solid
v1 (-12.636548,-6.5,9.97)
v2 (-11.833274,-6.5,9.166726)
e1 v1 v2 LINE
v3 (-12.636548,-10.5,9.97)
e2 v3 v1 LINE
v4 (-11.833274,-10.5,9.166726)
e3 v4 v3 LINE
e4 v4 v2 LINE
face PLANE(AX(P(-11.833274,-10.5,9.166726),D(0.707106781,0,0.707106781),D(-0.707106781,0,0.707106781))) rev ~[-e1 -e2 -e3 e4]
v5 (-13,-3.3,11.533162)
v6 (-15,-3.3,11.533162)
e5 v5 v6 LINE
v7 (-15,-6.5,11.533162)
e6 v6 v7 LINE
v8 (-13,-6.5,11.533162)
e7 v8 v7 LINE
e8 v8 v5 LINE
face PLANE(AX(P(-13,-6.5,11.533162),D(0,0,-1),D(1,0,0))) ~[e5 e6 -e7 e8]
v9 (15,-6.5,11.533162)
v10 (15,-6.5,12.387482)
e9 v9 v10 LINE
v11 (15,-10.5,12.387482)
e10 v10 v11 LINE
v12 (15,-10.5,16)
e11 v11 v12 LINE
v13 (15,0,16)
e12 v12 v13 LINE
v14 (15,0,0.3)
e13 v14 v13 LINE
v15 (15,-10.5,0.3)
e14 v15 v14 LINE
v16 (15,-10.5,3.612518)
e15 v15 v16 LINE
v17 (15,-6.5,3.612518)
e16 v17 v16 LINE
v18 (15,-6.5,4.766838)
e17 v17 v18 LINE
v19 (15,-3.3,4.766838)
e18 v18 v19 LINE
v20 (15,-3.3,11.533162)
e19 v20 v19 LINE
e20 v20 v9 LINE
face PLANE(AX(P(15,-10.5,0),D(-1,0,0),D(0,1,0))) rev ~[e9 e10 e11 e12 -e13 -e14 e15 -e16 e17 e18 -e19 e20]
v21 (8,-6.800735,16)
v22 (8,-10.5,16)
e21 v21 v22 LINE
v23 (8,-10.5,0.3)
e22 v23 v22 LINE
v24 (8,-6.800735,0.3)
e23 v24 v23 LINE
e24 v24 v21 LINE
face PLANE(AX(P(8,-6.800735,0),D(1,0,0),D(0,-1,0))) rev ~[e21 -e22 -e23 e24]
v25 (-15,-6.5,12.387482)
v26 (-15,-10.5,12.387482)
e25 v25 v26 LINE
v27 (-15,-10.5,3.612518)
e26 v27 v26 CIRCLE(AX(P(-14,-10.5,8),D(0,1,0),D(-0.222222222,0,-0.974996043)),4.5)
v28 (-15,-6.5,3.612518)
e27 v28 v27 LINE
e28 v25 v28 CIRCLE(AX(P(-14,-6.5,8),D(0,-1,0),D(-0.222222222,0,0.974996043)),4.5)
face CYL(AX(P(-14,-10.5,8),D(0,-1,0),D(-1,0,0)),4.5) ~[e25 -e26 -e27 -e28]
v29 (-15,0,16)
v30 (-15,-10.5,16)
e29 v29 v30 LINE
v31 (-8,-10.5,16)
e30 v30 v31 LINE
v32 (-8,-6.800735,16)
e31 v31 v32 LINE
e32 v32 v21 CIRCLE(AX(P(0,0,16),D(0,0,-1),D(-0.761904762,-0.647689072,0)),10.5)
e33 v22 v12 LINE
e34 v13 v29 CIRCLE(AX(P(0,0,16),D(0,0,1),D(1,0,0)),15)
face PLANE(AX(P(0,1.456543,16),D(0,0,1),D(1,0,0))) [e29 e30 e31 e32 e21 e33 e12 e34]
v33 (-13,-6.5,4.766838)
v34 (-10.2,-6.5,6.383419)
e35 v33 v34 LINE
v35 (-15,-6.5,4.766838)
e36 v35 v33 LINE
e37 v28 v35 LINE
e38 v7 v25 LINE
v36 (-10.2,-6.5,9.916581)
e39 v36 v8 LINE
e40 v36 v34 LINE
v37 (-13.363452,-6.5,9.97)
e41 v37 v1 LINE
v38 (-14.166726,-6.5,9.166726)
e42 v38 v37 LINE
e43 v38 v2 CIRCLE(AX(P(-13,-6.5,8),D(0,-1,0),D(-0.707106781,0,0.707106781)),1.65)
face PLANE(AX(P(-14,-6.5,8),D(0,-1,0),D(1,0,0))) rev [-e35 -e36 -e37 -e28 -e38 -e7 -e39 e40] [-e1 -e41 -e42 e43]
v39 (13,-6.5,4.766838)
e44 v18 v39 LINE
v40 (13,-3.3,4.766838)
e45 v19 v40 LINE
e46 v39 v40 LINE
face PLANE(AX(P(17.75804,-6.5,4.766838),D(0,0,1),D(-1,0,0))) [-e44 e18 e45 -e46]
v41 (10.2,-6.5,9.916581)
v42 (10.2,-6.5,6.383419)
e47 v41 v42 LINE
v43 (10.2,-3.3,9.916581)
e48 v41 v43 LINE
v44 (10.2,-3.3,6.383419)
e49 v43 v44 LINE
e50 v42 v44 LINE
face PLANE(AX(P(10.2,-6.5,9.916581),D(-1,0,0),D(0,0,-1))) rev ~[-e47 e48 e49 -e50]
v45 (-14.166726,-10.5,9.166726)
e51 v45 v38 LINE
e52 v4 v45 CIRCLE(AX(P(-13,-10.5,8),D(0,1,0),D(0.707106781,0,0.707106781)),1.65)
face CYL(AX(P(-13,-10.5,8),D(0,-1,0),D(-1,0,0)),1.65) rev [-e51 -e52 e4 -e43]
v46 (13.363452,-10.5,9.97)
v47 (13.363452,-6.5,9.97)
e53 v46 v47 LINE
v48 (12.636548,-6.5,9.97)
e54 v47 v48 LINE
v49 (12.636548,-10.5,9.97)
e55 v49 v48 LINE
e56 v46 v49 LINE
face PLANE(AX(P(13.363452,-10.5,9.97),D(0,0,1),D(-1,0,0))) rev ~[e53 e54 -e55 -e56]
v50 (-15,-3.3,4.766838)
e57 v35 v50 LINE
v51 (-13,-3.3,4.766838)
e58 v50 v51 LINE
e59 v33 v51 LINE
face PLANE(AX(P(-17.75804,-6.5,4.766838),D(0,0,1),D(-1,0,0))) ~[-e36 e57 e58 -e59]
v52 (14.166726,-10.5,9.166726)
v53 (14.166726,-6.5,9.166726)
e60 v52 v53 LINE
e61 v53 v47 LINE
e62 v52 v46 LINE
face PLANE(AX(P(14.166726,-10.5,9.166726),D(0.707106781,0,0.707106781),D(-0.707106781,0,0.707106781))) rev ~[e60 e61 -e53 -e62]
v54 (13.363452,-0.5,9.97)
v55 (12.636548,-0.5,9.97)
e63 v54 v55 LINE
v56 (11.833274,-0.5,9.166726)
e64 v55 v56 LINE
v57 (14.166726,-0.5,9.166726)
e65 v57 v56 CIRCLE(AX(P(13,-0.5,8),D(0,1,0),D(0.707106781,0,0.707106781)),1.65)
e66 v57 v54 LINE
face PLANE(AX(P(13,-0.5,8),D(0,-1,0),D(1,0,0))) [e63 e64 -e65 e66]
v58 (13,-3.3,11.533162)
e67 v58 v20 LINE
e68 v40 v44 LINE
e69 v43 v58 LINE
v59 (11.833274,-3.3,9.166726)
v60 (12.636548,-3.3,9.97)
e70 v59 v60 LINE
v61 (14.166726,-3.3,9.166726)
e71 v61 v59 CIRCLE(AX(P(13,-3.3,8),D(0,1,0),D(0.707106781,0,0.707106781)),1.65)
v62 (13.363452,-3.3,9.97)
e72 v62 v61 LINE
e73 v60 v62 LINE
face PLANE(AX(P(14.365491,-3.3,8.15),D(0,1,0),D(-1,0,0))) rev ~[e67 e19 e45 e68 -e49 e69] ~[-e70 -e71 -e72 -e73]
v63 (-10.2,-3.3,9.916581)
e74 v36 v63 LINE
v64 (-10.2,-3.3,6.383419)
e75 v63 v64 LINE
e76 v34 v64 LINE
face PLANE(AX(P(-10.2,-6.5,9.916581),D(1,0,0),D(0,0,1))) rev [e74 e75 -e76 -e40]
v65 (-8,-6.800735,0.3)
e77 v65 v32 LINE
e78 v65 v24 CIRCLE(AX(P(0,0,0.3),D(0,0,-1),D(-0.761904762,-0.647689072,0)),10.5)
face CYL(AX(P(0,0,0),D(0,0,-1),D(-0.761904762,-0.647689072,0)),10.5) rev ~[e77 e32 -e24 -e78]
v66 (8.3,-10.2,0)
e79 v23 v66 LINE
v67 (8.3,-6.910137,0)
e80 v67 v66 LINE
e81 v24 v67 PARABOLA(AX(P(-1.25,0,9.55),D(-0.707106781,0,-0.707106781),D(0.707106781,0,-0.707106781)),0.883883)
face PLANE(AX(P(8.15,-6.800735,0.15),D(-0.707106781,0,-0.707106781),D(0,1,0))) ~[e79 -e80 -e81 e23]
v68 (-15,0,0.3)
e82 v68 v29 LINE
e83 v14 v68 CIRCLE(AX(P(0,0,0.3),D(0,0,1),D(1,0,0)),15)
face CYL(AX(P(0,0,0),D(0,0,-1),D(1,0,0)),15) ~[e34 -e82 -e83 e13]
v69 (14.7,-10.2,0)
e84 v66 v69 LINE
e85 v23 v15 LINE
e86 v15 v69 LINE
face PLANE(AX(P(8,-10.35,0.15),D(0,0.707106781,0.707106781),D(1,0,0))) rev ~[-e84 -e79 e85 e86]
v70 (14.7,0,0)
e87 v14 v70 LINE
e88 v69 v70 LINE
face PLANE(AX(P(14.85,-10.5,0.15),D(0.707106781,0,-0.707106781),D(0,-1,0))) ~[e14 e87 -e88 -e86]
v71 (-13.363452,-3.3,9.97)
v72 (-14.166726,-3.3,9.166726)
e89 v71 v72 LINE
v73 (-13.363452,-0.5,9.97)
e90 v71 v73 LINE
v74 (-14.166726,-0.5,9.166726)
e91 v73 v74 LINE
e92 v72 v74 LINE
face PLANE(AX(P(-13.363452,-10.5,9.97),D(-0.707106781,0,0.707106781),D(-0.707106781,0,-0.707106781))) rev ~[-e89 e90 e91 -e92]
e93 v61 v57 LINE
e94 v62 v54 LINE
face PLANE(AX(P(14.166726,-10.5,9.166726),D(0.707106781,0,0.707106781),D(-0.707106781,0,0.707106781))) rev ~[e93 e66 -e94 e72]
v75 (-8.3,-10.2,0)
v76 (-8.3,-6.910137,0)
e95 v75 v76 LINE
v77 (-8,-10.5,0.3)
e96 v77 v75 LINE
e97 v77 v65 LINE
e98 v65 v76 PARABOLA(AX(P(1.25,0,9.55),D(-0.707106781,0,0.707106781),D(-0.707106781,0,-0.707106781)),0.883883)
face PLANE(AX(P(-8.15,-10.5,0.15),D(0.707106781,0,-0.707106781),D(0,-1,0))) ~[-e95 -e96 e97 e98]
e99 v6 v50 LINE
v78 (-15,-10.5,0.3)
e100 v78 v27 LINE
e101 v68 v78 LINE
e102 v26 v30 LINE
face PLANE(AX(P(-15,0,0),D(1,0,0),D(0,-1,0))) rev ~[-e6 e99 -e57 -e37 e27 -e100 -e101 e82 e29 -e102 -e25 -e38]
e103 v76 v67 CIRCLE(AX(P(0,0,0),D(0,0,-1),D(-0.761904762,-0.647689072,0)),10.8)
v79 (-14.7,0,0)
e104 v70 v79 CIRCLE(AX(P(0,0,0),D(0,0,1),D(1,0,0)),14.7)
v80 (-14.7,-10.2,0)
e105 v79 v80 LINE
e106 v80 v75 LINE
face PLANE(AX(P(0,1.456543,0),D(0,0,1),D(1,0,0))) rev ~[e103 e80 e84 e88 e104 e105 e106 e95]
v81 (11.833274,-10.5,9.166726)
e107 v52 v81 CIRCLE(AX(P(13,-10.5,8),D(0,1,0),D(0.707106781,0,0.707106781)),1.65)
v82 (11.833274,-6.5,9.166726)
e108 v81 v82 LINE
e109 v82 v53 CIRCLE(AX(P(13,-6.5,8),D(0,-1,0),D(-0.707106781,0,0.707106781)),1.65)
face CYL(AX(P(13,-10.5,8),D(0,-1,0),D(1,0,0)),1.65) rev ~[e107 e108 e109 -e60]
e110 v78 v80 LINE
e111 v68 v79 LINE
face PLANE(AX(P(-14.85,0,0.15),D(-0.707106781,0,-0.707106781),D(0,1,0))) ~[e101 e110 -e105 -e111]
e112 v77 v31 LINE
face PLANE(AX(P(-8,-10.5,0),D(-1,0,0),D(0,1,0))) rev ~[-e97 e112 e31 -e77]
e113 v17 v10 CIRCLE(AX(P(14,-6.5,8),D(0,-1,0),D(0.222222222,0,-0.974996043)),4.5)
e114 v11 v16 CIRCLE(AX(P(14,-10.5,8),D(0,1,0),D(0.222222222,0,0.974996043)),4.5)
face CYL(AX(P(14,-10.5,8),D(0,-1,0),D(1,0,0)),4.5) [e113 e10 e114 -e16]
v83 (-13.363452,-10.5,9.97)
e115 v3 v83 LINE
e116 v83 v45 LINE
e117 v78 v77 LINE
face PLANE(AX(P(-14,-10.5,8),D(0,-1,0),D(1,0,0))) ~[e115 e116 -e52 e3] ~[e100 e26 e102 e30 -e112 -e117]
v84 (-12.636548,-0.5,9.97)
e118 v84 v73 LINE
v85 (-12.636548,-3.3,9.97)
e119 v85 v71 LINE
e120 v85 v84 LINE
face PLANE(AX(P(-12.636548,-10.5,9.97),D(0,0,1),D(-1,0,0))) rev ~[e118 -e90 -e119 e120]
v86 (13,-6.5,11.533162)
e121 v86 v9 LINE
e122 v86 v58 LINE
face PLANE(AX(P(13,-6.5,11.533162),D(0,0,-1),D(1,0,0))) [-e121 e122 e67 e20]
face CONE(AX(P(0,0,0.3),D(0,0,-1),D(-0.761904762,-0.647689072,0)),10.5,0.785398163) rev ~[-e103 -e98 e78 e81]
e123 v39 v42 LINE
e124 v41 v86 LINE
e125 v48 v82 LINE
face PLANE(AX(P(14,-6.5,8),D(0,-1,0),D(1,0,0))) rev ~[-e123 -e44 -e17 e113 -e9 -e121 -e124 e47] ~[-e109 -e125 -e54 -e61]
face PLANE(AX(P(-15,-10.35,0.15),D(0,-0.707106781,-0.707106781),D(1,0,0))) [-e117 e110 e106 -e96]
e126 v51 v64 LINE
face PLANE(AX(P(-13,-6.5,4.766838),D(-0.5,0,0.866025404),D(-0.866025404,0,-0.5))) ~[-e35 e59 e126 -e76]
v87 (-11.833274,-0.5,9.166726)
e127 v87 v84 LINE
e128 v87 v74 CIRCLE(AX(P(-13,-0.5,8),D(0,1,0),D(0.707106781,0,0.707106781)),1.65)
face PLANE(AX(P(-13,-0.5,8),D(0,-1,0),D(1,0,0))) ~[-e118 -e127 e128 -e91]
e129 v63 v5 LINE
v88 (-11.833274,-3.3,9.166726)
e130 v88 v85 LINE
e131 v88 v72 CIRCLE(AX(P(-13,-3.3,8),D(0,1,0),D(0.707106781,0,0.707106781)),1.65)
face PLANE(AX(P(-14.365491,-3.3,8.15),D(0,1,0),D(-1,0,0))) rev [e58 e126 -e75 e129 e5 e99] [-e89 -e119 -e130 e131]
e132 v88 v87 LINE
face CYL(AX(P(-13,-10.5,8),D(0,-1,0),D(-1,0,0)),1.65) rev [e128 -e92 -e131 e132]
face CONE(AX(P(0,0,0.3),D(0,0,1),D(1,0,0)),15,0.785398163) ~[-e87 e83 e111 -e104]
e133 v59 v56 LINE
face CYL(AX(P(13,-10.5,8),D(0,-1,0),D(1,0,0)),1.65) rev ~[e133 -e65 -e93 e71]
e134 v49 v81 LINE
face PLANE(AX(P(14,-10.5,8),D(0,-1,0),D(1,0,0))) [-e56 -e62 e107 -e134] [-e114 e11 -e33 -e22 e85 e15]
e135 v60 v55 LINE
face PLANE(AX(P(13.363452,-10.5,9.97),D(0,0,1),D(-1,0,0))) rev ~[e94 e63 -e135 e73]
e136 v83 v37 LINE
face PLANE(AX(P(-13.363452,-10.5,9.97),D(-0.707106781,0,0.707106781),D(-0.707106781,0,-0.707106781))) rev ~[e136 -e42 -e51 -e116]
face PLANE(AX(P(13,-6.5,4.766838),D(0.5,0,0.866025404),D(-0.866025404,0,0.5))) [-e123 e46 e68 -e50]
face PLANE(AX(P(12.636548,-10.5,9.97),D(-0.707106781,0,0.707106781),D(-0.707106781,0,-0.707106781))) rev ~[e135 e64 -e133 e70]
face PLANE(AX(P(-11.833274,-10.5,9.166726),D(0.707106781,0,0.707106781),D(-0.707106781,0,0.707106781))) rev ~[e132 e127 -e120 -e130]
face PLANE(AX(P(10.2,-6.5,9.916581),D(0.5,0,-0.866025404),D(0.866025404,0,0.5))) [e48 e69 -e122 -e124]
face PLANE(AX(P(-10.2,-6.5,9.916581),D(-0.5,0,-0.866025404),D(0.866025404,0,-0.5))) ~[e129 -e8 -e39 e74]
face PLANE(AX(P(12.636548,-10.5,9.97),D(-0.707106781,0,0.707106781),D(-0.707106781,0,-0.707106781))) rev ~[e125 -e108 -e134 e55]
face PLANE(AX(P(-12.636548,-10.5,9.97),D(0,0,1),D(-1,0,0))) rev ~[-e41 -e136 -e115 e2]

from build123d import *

# Parameters (mm, degrees)
BOSS_EXTRUDE1_DEPTH = 16
SKETCH4_R           = 4.5
BOSS_EXTRUDE2_DEPTH = 4
SKETCH2_R           = 1.65
CUT_EXTRUDE1_DEPTH  = 10
CUT_EXTRUDE2_START  = -4
CUT_EXTRUDE2_DEPTH  = 3.2
CHAMFER1_SIZE       = 0.3
CUT_EXTRUDE3_DEPTH  = 10


with BuildPart() as part:
    # Sketch1 → Boss-Extrude1 (new body)
    with BuildSketch(Plane.XY):
        with BuildLine():
            Line((8, -6.800735254), (8, -10.5))
            Line((8, -10.5), (15, -10.5))
            Line((15, -10.5), (15, 0))
            ThreePointArc((15, 0), (0, 15), (-15, 0))
            Line((-15, 0), (-15, -10.5))
            Line((-15, -10.5), (-8, -10.5))
            Line((-8, -10.5), (-8, -6.800735254))
            ThreePointArc((-8, -6.800735254), (0, 10.5), (8, -6.800735254))
        make_face()
    extrude(amount=BOSS_EXTRUDE1_DEPTH)

    # Sketch4 → Boss-Extrude2 (add)
    with BuildSketch(Plane.XZ.offset(10.5)):
        with Locations((14, 8)):
            Circle(SKETCH4_R)
    boss_extrude2 = extrude(amount=-BOSS_EXTRUDE2_DEPTH)

    # Sketch2 → Cut-Extrude1 (cut)
    with BuildSketch(Plane.XZ.offset(10.5)):
        with Locations((13, 8)):
            Circle(SKETCH2_R)
    cut_extrude1 = extrude(amount=-CUT_EXTRUDE1_DEPTH, mode=Mode.SUBTRACT)

    # Sketch3 → Cut-Extrude2 (cut)
    with BuildSketch(Plane.XZ.offset(10.5).offset(CUT_EXTRUDE2_START)):
        Polygon((10.2, 9.616580754), (10.2, 9.916580754), (13, 11.533161507), (17.758039714, 11.533161507), (17.758039714, 11.233161507), (17.758039714, 4.766838493), (13, 4.766838493), (10.2, 6.383419246), align=None)
    cut_extrude2 = extrude(amount=-CUT_EXTRUDE2_DEPTH, mode=Mode.SUBTRACT)

    # Mirror1: Boss-Extrude2, Cut-Extrude1, Cut-Extrude2 across plane
    add(boss_extrude2.mirror(Plane(origin=(0, 0, 0), x_dir=(0, 0, 1), z_dir=(1, 0, 0))))
    add(cut_extrude1.mirror(Plane(origin=(0, 0, 0), x_dir=(0, 0, 1), z_dir=(1, 0, 0))), mode=Mode.SUBTRACT)
    add(cut_extrude2.mirror(Plane(origin=(0, 0, 0), x_dir=(0, 0, 1), z_dir=(1, 0, 0))), mode=Mode.SUBTRACT)

    # Chamfer1
    chamfer1_edges = [part.edges().sort_by_distance(p)[0] for p in [
        (-15, -5.25, 0),
        (0, 15, 0),
        (15, -5.25, 0),
        (11.5, -10.5, 0),
        (8, -8.650367627, 0),
        (0, 10.5, 0),
        (-8, -8.650367627, 0),
        (-11.5, -10.5, 0),
    ]]
    chamfer(chamfer1_edges, length=CHAMFER1_SIZE)

    # Sketch5 → Cut-Extrude3 (cut)
    with BuildSketch(Plane.XZ.offset(10.5)):
        Polygon((-13, 8), (-11.833273811, 9.166726189), (-12.636547622, 9.97), (-13.363452378, 9.97), (-14.166726189, 9.166726189), align=None)
        Polygon((13, 8), (14.166726189, 9.166726189), (13.363452378, 9.97), (12.636547622, 9.97), (11.833273811, 9.166726189), align=None)
    extrude(amount=-CUT_EXTRUDE3_DEPTH, mode=Mode.SUBTRACT)


solid = part.part
